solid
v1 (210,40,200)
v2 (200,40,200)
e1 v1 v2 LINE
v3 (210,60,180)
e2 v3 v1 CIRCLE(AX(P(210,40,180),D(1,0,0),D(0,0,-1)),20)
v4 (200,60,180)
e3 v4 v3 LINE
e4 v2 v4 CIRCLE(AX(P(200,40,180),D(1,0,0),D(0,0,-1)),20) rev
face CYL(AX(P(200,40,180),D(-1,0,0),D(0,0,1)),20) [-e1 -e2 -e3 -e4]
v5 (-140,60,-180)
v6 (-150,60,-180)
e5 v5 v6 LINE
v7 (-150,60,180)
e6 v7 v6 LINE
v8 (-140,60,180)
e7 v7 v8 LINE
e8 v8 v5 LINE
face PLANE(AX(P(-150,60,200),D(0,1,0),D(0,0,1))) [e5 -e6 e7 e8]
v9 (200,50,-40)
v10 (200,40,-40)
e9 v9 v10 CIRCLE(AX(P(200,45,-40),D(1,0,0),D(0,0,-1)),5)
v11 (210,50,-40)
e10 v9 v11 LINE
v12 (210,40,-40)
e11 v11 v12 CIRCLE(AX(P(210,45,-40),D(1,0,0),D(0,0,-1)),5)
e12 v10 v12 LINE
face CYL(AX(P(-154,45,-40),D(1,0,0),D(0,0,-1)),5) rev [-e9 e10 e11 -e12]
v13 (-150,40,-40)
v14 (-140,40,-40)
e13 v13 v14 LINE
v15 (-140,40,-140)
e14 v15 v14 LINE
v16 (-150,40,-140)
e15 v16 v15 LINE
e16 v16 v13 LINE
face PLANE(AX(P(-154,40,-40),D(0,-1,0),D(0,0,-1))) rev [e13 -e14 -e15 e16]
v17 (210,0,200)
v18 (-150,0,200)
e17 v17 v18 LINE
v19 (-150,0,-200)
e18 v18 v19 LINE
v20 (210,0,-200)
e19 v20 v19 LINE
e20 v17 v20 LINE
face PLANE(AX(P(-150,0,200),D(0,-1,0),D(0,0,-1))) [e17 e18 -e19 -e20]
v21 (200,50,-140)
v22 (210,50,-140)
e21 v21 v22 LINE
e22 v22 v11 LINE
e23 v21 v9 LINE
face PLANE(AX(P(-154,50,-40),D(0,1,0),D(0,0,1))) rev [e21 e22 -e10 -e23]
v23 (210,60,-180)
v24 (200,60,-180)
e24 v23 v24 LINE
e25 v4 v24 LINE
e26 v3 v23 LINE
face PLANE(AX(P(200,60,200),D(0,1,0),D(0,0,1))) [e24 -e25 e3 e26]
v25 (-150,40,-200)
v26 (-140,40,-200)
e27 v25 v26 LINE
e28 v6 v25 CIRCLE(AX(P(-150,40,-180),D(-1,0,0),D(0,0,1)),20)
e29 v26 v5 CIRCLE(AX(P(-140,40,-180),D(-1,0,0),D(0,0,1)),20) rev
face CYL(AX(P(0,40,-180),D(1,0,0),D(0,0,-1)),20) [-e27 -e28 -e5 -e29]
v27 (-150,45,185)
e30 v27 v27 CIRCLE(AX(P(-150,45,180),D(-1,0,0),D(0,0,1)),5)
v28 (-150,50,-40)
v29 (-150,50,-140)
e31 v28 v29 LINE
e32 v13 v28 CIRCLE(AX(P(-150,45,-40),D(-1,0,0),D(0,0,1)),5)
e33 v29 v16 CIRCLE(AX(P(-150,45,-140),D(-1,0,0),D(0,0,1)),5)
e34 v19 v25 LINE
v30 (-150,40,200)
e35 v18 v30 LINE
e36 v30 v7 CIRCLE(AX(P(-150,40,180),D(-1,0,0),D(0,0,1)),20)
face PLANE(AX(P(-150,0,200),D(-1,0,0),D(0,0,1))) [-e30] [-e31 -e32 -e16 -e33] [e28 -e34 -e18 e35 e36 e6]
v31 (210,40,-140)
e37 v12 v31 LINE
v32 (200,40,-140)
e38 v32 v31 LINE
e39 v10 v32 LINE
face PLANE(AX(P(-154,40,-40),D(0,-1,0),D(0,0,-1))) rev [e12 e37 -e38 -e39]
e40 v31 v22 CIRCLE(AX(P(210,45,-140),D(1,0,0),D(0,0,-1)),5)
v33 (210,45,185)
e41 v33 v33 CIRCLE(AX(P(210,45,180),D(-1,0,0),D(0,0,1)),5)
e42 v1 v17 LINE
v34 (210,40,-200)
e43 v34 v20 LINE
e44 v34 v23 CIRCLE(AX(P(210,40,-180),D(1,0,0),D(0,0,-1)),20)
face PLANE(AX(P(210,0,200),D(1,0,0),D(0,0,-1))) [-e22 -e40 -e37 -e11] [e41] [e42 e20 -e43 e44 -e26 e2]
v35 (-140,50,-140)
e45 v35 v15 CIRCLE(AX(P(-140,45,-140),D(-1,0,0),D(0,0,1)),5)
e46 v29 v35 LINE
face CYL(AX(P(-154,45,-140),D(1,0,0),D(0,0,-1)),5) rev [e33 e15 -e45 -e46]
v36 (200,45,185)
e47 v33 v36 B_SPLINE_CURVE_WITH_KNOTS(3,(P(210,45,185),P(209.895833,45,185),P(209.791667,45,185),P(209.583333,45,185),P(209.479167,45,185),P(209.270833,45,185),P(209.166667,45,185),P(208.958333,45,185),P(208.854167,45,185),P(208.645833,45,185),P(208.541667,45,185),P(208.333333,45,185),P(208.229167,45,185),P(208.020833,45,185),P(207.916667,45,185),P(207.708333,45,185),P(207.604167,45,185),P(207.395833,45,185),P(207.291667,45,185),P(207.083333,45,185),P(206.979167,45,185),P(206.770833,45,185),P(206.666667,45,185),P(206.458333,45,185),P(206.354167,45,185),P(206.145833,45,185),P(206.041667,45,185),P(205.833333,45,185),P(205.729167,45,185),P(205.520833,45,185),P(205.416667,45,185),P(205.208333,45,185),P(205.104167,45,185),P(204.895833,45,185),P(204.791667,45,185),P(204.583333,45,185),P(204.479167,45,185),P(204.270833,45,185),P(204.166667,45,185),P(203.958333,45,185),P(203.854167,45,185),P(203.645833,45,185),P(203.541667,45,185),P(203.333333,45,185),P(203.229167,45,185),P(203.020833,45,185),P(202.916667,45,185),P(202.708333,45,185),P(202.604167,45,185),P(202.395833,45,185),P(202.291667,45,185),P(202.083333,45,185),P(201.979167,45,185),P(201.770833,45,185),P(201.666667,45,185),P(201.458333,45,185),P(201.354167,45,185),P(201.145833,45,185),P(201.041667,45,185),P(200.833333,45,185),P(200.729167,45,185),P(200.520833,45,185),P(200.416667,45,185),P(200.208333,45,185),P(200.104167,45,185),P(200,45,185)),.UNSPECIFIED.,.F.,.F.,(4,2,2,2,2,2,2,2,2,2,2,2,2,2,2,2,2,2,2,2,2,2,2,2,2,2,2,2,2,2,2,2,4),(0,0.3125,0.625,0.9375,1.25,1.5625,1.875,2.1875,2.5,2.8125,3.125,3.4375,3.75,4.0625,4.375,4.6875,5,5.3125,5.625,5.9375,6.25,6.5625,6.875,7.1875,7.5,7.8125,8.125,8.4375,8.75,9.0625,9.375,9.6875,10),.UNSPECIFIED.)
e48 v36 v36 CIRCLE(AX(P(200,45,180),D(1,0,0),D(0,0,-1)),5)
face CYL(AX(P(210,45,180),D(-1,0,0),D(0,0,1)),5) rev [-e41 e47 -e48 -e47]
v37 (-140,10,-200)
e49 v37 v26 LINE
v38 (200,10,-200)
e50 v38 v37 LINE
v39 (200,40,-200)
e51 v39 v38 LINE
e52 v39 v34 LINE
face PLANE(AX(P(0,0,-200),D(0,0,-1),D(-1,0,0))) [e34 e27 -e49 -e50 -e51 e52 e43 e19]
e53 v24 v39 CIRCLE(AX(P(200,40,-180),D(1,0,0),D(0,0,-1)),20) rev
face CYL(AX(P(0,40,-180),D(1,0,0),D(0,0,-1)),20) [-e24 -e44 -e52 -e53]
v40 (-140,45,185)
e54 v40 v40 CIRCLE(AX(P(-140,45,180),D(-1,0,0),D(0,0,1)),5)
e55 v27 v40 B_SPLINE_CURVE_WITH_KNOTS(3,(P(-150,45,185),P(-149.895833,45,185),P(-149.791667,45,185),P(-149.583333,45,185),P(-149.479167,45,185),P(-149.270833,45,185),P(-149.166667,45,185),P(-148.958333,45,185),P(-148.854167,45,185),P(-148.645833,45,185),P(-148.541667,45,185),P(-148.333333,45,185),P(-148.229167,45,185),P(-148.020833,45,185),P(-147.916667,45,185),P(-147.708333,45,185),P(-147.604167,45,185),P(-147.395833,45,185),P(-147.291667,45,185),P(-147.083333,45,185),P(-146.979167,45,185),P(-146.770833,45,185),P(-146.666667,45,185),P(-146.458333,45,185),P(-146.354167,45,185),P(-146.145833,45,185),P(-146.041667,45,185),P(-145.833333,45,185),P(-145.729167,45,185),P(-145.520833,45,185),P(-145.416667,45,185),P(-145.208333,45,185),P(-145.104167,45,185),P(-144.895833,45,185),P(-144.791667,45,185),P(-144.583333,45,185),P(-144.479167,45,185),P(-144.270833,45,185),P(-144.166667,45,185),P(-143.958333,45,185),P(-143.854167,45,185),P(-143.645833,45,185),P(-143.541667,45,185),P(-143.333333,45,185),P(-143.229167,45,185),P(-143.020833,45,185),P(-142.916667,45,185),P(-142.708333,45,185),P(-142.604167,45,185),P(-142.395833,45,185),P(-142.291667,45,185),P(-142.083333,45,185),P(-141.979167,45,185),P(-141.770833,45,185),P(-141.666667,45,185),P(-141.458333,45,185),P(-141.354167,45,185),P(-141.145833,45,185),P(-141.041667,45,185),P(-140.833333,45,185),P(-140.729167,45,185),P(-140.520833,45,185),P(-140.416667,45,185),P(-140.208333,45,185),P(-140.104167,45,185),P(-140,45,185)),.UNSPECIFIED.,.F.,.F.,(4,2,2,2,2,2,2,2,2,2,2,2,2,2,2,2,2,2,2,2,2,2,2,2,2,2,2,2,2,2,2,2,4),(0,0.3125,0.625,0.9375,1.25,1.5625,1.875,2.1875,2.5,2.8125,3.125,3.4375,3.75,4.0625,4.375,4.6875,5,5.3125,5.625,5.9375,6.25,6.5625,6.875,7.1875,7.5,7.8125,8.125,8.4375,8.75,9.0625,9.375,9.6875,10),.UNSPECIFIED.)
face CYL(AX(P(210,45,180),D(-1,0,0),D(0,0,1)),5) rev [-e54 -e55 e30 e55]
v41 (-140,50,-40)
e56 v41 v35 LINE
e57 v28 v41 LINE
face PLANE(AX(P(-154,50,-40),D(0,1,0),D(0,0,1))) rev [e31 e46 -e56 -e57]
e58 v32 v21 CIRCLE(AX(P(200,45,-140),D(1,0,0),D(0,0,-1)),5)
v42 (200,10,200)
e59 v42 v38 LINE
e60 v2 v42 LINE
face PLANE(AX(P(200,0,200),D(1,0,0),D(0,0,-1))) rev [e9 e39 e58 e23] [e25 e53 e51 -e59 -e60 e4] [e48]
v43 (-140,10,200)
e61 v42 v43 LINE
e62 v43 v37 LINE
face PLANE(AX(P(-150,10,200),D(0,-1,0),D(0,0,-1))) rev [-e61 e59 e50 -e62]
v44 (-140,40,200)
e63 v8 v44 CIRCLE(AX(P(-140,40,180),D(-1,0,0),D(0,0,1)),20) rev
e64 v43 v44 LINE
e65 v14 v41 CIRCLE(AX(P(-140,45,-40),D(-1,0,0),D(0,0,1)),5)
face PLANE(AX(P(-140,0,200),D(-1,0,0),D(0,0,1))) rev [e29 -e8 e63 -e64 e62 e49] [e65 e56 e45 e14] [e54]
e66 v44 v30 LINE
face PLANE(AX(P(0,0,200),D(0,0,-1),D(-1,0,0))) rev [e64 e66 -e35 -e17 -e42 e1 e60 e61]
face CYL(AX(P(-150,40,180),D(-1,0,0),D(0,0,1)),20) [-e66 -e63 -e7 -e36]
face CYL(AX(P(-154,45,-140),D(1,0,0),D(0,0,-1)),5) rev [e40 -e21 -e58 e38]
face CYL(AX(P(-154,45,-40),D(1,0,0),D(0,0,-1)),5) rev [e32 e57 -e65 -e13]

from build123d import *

# Parameters (mm, degrees)
EXTRUDE_THIN1_DEPTH = 200
CUT_EXTRUDE1_DEPTH  = 364
FILLET1_R           = 20
SKETCH3_R           = 5
CUT_EXTRUDE2_DEPTH  = 417.173040934


with BuildPart() as part:
    # Sketch1 → Extrude-Thin1 (new, symmetric)
    with BuildSketch(Plane.XY):
        Polygon((-150, 60), (-150, 0), (210, 0), (210, 60), (200, 60), (200, 10), (-140, 10), (-140, 60), align=None)
    extrude(amount=EXTRUDE_THIN1_DEPTH, both=True)

    # Sketch2 → Cut-Extrude1 (cut)
    with BuildSketch(Plane(origin=(210, 0, 0), x_dir=(0, 0, -1), z_dir=(1, 0, 0))):
        with BuildLine():
            Line((40, 50), (140, 50))
            ThreePointArc((140, 50), (145, 45), (140, 40))
            Line((140, 40), (40, 40))
            ThreePointArc((40, 40), (35, 45), (40, 50))
        make_face()
    extrude(amount=-CUT_EXTRUDE1_DEPTH, mode=Mode.SUBTRACT)

    # Fillet1
    fillet1_edges = [part.edges().sort_by_distance(p)[0] for p in [
        (205, 60, 200),
        (-145, 60, 200),
        (205, 60, -200),
        (-145, 60, -200),
    ]]
    fillet(fillet1_edges, radius=FILLET1_R)

    # Sketch3 → Cut-Extrude2 (cut, through all)
    with BuildSketch(Plane.ZY.offset(150)):
        with Locations((180, 45)):
            Circle(SKETCH3_R)
    extrude(amount=-CUT_EXTRUDE2_DEPTH, mode=Mode.SUBTRACT)


solid = part.part
